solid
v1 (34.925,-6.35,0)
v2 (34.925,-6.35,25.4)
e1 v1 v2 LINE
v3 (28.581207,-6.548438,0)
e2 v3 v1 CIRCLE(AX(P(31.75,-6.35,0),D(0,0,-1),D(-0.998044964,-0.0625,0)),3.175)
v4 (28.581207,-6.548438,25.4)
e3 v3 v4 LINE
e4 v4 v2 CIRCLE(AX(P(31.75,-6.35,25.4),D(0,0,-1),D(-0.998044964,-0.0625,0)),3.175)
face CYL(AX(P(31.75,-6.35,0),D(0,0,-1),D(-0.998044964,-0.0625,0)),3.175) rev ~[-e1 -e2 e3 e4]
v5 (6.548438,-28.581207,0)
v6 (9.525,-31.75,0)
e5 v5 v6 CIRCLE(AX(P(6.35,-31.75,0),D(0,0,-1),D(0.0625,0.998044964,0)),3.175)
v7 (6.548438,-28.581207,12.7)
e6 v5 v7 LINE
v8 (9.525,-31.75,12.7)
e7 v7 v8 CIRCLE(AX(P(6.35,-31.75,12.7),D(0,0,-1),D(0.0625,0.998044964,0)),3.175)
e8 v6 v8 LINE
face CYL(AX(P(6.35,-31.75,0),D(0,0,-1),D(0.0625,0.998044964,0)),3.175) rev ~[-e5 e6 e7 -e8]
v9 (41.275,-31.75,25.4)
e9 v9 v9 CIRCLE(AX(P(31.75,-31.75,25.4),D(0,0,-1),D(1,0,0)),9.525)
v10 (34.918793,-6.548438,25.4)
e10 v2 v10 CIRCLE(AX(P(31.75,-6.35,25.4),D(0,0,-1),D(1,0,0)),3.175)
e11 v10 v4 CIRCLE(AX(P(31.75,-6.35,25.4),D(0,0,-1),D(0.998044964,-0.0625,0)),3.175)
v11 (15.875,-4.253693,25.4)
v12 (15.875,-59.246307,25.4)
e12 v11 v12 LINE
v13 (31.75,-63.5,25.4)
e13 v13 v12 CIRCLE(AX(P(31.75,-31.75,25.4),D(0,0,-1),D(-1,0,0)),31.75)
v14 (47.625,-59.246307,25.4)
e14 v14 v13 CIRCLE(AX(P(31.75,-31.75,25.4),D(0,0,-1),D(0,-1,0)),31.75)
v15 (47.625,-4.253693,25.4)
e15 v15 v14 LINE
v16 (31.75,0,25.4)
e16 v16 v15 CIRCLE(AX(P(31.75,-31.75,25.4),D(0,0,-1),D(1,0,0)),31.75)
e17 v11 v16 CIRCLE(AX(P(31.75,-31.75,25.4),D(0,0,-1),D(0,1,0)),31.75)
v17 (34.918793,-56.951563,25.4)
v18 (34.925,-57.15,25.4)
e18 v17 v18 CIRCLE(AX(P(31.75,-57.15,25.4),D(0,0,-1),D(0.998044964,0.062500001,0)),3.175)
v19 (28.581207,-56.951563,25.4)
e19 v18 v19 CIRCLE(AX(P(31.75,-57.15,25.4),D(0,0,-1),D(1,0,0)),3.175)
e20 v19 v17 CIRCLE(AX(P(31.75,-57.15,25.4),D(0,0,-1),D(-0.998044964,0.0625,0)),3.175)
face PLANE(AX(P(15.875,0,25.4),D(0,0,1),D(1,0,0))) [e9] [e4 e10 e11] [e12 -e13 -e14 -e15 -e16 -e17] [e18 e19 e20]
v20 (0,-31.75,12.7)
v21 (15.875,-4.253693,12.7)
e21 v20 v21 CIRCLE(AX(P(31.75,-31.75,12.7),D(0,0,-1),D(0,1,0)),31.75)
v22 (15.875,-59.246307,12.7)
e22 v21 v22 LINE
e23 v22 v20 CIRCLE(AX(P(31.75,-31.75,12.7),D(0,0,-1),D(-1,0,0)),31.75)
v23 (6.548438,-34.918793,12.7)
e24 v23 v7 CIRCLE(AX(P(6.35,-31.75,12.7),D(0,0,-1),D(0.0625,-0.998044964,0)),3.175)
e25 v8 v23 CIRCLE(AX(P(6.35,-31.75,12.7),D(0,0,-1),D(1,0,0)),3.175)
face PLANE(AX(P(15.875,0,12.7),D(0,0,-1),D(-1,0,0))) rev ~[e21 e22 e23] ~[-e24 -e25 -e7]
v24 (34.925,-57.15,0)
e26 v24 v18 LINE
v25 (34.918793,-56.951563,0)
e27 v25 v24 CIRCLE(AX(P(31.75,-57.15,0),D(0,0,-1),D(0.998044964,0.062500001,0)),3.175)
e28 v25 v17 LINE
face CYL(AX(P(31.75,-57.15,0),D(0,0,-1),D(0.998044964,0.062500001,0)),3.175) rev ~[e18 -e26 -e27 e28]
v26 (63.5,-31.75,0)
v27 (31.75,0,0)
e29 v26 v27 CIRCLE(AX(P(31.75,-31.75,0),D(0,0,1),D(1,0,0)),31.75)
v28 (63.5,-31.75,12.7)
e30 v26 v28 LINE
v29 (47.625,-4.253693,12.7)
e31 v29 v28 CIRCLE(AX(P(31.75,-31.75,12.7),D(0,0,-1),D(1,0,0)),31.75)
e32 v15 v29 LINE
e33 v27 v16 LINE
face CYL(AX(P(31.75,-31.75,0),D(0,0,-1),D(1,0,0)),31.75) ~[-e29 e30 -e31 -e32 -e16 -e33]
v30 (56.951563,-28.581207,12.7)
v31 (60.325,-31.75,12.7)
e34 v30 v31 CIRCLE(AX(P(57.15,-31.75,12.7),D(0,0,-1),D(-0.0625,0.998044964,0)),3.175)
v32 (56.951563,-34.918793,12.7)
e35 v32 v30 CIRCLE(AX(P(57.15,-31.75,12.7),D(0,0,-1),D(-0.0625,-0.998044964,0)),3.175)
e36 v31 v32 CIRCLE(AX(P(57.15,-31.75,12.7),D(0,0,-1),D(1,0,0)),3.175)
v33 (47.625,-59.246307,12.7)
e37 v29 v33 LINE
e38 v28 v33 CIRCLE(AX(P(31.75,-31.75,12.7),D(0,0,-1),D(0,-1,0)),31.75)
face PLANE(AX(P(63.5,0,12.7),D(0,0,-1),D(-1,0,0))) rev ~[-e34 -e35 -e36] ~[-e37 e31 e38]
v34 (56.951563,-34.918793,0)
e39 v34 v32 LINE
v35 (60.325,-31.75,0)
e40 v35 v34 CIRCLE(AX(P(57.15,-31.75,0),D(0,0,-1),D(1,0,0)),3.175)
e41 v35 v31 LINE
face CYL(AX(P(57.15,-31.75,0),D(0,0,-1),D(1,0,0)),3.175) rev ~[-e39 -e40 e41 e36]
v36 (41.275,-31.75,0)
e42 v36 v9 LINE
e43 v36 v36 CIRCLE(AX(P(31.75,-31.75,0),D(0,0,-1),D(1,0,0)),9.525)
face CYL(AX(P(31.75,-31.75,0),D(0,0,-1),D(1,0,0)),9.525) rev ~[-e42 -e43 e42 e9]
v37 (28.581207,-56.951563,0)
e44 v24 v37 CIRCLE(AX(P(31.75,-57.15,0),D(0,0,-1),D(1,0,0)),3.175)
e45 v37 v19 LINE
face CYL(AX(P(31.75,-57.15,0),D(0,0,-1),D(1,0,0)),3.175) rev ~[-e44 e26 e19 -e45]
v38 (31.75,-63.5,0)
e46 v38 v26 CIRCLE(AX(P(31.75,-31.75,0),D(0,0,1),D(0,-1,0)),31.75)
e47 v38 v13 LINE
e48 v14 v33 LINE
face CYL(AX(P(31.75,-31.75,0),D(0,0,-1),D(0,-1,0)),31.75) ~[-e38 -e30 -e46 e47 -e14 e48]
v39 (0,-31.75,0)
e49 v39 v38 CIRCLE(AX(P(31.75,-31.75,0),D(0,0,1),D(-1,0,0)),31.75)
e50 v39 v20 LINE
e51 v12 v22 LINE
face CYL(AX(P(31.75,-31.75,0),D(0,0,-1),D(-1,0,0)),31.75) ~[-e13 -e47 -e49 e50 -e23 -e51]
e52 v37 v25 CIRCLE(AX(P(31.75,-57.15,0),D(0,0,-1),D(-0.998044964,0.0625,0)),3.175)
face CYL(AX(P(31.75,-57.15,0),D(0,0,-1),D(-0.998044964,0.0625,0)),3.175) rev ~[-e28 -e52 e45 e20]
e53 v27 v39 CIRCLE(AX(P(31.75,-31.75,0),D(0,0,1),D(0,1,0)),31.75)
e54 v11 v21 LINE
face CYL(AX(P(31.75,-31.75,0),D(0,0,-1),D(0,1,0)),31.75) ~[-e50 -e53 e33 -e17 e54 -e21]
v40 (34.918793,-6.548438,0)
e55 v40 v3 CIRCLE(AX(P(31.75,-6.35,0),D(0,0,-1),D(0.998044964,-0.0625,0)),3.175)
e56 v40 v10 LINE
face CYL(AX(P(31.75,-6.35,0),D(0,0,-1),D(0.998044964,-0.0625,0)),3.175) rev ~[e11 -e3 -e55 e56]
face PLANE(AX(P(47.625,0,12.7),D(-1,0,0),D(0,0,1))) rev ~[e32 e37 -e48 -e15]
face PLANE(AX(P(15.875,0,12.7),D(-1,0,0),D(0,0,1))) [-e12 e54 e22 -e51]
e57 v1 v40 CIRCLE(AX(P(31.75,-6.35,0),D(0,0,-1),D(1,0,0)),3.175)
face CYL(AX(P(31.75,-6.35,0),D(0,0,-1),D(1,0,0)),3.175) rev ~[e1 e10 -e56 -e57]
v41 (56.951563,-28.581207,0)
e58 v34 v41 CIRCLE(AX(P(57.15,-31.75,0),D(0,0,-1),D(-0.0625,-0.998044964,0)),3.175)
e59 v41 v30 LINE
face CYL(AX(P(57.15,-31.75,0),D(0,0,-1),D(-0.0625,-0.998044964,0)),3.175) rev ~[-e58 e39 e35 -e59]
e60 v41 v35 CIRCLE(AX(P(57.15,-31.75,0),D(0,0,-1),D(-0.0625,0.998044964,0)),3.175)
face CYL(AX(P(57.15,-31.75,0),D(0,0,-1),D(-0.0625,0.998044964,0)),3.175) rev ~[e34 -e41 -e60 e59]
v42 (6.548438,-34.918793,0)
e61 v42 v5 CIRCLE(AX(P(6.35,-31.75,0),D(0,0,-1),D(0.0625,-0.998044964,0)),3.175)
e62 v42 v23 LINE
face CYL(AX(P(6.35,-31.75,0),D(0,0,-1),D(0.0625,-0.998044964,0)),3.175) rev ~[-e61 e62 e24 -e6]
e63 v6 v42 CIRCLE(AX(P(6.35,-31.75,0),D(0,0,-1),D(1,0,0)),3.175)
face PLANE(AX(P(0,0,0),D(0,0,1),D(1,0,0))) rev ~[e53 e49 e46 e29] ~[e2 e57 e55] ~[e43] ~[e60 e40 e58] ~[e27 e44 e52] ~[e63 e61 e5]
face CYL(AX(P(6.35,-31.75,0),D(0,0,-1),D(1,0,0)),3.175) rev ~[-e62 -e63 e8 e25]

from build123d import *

# Parameters (mm, degrees)
F0_W     = 31.75
F0_H     = 12.7
F1_DEPTH = 63.5
F3_DEPTH = 25.401
F2_R     = 9.525
F4_DEPTH = 25.401


with BuildPart() as f1:
    # F0 (on Front) → F1 (new body)
    with BuildSketch(Plane.XZ):
        Polygon((0, 12.7), (0, 0), (63.5, 0), (63.5, 12.7), (47.625, 12.7), (15.875, 12.7), align=None)
        with Locations((31.75, 19.05)):
            Rectangle(F0_W, F0_H)
    extrude(amount=F1_DEPTH)

    # F2 (on face) → F3 (cut, through all)
    with BuildSketch(Plane(origin=(0, 0, 0), x_dir=(1, 0, 0), z_dir=(0, 0, -1))):
        with BuildLine():
            ThreePointArc((0, 31.75), (9.2993596973, 54.2006403027), (31.75, 63.5))
            Line((31.75, 63.5), (0, 63.5))
            Line((0, 63.5), (0, 31.75))
        make_face()
        with BuildLine():
            ThreePointArc((31.75, 63.5), (54.2006403027, 54.2006403027), (63.5, 31.75))
            Line((63.5, 31.75), (63.5, 63.5))
            Line((63.5, 63.5), (31.75, 63.5))
        make_face()
        with BuildLine():
            Line((0, 0), (31.75, 0))
            ThreePointArc((31.75, 0), (9.2993596973, 9.2993596973), (0, 31.75))
            Line((0, 31.75), (0, 0))
        make_face()
        with BuildLine():
            Line((63.5, 0), (63.5, 31.75))
            ThreePointArc((63.5, 31.75), (54.2006403027, 9.2993596973), (31.75, 0))
            Line((31.75, 0), (63.5, 0))
        make_face()
    extrude(amount=-F3_DEPTH, mode=Mode.SUBTRACT)

    # F2 (on face) → F4 (cut, through all)
    with BuildSketch(Plane(origin=(0, 0, 0), x_dir=(1, 0, 0), z_dir=(0, 0, -1))):
        with BuildLine():
            ThreePointArc((28.5812072396, 56.9515625), (31.75, 57.15), (34.9187927604, 56.9515625))
            ThreePointArc((34.9187927604, 56.9515625), (34.9234478107, 57.0507327204), (34.925, 57.15))
            ThreePointArc((34.925, 57.15), (31.6507327204, 60.3234478107), (28.5812072396, 56.9515625))
        make_face()
        with BuildLine():
            ThreePointArc((28.5812072396, 56.9515625), (31.75, 53.975), (34.9187927604, 56.9515625))
            ThreePointArc((34.9187927604, 56.9515625), (31.75, 57.15), (28.5812072396, 56.9515625))
        make_face()
        with BuildLine():
            ThreePointArc((9.525, 31.75), (8.6641590333, 33.9237739001), (6.5484375, 34.9187927604))
            ThreePointArc((6.5484375, 34.9187927604), (6.35, 31.75), (6.5484375, 28.5812072396))
            ThreePointArc((6.5484375, 28.5812072396), (8.6641590333, 29.5762260999), (9.525, 31.75))
        make_face()
        with BuildLine():
            ThreePointArc((6.5484375, 28.5812072396), (6.35, 31.75), (6.5484375, 34.9187927604))
            ThreePointArc((6.5484375, 34.9187927604), (3.175, 31.75), (6.5484375, 28.5812072396))
        make_face()
        with BuildLine():
            ThreePointArc((34.925, 6.35), (34.9234478107, 6.4492672796), (34.9187927604, 6.5484375))
            ThreePointArc((34.9187927604, 6.5484375), (31.75, 6.35), (28.5812072396, 6.5484375))
            ThreePointArc((28.5812072396, 6.5484375), (31.6507327204, 3.1765521893), (34.925, 6.35))
        make_face()
        with BuildLine():
            ThreePointArc((28.5812072396, 6.5484375), (31.75, 6.35), (34.9187927604, 6.5484375))
            ThreePointArc((34.9187927604, 6.5484375), (31.75, 9.525), (28.5812072396, 6.5484375))
        make_face()
        with BuildLine():
            ThreePointArc((56.9515625, 34.9187927604), (57.1003420835, 33.3375), (57.15, 31.75))
            ThreePointArc((57.15, 31.75), (57.1003420835, 30.1625), (56.9515625, 28.5812072396))
            ThreePointArc((56.9515625, 28.5812072396), (59.3237739001, 29.4358409667), (60.325, 31.75))
            ThreePointArc((60.325, 31.75), (59.3237739001, 34.0641590333), (56.9515625, 34.9187927604))
        make_face()
        with BuildLine():
            ThreePointArc((56.9515625, 28.5812072396), (57.1003420835, 30.1625), (57.15, 31.75))
            ThreePointArc((57.15, 31.75), (57.1003420835, 33.3375), (56.9515625, 34.9187927604))
            ThreePointArc((56.9515625, 34.9187927604), (53.975, 31.75), (56.9515625, 28.5812072396))
        make_face()
        with Locations((31.75, 31.75)):
            Circle(F2_R)
    extrude(amount=-F4_DEPTH, mode=Mode.SUBTRACT)


solid = f1.part
